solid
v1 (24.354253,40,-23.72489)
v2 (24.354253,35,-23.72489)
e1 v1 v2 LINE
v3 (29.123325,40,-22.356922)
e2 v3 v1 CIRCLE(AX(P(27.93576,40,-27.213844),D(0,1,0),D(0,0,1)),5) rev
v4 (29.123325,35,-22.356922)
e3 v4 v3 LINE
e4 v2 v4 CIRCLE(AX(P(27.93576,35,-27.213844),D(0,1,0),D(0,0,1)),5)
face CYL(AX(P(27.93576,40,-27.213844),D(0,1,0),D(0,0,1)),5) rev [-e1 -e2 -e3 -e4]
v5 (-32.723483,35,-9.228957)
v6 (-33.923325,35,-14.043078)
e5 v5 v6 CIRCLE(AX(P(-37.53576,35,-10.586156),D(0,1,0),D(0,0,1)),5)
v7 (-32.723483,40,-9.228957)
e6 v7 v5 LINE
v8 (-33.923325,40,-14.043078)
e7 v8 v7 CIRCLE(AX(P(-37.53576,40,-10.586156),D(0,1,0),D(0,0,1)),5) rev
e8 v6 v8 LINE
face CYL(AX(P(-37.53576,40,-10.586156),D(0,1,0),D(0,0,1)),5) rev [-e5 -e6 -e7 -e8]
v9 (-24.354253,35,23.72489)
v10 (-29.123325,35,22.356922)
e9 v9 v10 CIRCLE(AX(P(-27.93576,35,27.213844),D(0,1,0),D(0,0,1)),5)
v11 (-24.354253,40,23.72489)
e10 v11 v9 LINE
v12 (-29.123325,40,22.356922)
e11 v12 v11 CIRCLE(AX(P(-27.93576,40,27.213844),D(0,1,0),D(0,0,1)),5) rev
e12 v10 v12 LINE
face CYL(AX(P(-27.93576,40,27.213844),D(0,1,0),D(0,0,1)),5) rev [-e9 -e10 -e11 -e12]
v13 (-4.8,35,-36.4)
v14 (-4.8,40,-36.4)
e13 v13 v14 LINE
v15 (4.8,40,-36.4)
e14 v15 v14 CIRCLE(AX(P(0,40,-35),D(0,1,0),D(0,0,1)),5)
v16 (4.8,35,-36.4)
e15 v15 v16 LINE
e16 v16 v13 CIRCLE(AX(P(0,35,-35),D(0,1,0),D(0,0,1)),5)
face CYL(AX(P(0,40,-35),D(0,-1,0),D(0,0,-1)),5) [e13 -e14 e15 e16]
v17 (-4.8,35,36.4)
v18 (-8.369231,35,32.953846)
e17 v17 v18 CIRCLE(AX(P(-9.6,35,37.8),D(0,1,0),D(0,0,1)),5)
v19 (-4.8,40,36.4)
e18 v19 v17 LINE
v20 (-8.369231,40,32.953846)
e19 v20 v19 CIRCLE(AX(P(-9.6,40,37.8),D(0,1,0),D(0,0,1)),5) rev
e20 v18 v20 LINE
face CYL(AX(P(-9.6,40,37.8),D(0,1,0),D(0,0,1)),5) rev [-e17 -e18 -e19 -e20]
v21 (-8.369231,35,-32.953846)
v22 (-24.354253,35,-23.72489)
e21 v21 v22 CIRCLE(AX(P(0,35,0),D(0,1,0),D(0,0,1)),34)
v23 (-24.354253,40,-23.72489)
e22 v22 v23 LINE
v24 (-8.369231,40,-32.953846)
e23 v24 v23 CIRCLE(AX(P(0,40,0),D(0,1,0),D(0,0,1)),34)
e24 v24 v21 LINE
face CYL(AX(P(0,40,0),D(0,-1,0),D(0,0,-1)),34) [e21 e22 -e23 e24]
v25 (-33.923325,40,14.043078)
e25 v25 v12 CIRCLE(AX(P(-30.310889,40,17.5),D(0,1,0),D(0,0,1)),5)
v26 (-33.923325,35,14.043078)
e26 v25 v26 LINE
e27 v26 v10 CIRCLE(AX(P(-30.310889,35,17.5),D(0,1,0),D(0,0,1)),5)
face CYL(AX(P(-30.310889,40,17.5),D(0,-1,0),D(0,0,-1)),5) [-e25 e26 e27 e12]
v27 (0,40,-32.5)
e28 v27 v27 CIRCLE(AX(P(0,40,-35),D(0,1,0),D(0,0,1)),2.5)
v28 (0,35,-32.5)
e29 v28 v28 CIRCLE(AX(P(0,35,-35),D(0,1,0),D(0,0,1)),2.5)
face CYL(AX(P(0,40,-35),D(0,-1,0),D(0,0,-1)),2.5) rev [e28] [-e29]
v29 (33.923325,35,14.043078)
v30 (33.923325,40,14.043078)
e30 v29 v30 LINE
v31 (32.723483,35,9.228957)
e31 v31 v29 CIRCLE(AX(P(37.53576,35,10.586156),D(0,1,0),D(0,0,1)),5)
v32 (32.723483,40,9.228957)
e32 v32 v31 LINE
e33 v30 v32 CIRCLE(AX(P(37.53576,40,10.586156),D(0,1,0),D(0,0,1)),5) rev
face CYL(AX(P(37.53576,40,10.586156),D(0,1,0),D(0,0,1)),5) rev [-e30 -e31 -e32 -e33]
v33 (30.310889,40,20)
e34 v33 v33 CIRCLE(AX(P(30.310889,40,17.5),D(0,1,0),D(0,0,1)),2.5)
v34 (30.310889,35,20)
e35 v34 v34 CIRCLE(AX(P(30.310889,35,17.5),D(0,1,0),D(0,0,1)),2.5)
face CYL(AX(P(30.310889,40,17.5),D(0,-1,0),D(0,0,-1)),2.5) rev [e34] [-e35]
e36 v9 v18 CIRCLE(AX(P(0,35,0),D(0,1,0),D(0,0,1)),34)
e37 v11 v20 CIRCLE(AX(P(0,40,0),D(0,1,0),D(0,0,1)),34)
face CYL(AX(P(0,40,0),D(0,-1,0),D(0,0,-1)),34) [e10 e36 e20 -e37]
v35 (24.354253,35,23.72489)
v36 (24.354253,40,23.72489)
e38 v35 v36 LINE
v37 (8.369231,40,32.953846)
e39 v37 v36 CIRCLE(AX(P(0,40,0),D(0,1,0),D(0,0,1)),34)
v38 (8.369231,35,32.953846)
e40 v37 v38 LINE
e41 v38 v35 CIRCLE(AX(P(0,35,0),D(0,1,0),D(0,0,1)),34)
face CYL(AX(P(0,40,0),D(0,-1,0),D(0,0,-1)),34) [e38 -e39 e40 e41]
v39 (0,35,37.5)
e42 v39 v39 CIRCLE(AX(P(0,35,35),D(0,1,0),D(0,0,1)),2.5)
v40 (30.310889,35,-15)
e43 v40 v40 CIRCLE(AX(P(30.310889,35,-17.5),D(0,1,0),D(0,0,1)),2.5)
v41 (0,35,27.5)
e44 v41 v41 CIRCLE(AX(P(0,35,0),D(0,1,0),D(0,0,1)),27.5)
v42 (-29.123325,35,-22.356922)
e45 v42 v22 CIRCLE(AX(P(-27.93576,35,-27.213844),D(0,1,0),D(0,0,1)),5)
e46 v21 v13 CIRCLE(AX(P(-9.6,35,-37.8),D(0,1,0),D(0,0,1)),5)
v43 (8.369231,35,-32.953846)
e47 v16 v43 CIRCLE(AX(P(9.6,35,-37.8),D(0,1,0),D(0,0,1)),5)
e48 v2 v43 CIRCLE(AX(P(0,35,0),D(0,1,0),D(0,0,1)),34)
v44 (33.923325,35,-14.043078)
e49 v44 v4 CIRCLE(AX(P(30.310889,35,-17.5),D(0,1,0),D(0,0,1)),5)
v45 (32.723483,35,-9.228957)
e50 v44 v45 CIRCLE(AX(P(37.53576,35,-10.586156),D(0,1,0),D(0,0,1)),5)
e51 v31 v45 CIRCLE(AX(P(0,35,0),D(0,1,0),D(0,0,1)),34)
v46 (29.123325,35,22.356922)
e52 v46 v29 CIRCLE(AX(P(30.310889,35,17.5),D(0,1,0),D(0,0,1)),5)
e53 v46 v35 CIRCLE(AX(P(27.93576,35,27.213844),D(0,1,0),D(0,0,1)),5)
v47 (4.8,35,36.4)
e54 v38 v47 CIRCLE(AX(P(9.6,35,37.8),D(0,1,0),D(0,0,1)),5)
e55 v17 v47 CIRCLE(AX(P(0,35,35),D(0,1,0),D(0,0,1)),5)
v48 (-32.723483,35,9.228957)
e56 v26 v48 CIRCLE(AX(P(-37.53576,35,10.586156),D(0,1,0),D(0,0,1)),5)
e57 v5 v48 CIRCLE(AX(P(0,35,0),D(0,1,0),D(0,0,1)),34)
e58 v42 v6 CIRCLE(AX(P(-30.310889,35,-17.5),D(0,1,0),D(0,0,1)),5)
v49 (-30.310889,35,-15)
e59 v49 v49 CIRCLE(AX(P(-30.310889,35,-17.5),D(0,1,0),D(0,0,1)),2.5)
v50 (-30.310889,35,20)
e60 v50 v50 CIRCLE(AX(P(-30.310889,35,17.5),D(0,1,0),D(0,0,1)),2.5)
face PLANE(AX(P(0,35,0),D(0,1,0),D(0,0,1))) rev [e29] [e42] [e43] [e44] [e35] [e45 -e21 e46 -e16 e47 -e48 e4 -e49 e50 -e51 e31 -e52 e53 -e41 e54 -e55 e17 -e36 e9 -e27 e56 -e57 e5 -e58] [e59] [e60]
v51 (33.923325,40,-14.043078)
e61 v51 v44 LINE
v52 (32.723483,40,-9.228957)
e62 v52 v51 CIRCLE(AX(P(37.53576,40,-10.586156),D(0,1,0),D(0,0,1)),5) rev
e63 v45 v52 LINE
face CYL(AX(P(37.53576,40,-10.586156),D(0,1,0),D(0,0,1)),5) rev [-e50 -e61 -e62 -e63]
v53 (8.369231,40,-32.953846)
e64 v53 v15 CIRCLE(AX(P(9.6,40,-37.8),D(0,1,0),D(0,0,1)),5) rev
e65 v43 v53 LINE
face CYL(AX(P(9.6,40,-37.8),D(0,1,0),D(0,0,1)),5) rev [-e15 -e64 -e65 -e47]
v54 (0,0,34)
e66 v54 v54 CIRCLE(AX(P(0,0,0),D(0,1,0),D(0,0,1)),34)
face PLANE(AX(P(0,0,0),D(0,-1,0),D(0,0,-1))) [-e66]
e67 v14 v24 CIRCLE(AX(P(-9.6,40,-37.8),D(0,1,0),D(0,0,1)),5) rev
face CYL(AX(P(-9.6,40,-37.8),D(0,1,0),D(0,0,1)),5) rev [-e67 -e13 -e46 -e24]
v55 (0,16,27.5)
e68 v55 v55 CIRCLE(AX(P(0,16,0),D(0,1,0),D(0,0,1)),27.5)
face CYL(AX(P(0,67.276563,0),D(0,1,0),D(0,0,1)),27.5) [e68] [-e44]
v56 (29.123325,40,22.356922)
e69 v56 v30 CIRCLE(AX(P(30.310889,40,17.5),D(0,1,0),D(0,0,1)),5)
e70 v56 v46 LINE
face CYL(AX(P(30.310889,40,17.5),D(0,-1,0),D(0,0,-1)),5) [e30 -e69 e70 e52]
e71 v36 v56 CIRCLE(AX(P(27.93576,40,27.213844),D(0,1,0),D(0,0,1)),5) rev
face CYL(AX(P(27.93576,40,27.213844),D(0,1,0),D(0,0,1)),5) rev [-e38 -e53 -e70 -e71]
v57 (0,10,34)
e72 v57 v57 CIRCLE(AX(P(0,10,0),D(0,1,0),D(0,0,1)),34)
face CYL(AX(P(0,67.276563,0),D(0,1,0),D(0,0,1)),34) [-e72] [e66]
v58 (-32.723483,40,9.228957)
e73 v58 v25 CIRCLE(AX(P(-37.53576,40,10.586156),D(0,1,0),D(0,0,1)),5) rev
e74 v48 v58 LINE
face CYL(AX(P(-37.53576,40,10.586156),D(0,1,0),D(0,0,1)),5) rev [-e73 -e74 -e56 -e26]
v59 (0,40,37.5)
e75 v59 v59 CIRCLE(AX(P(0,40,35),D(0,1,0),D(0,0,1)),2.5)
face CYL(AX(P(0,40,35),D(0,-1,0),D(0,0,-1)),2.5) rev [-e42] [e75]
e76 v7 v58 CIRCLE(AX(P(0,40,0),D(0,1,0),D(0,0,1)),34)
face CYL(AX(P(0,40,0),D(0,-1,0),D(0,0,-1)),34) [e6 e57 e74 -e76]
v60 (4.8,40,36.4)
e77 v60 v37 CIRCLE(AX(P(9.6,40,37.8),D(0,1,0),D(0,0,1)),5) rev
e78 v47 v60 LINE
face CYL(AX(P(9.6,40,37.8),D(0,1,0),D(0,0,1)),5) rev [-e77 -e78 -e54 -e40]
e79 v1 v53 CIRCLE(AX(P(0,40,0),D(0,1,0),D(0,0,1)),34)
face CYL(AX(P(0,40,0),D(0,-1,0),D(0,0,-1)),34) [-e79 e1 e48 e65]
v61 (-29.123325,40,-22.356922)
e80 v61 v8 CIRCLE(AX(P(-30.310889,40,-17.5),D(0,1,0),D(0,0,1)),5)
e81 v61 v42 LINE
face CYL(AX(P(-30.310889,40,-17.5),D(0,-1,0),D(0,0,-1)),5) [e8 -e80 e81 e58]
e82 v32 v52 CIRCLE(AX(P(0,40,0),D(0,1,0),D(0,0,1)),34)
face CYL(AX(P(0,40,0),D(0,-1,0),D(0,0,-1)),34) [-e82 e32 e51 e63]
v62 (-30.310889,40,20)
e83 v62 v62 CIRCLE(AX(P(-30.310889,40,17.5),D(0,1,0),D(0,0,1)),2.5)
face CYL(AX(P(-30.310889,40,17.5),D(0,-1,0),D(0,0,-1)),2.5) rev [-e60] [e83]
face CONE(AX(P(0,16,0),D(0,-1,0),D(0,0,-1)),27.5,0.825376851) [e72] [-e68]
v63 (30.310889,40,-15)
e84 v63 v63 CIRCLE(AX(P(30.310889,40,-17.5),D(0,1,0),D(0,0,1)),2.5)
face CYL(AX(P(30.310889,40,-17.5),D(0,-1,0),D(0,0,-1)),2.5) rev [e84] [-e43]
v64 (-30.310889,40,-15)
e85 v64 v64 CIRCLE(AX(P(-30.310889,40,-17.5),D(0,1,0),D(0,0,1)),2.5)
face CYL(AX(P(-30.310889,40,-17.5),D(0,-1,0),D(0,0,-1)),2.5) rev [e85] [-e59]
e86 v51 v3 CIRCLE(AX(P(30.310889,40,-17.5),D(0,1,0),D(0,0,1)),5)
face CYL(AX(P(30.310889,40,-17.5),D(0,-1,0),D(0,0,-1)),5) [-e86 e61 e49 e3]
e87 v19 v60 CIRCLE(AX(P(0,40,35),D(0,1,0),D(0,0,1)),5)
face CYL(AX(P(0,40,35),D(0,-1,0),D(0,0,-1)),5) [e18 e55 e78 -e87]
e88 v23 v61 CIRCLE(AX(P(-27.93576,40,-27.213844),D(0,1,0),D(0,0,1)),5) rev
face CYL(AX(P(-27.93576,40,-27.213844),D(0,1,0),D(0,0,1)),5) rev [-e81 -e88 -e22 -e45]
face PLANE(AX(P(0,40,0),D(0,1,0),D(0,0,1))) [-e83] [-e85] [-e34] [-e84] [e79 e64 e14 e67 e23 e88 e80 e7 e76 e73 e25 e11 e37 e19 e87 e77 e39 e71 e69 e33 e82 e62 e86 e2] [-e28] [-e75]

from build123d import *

# Parameters (mm, degrees)
BOSS_EXTRUDE2_START = 5
SKETCH2_R           = 2.5
BOSS_EXTRUDE2_DEPTH = 5
FILLET1_R           = 5


with BuildPart() as part:
    # Sketch3 → Revolve1 (revolve)
    with BuildSketch(Plane.XY, mode=Mode.PRIVATE) as revolve1_sk:
        Polygon((0, 0), (-34, 0), (-34, 10), (-27.5, 16), (-27.5, 35), (0, 35), align=None)
    revolve(revolve1_sk.sketch.rotate(Axis((0, 67.276563105, 0), (0, -1, 0)), 270), axis=Axis((0, 67.276563105, 0), (0, -1, 0)))

    # Sketch2 → Boss-Extrude2 (add)
    with BuildSketch(Plane(origin=(0, 35, 0), x_dir=(1, 0, 0), z_dir=(0, 1, 0)).offset(BOSS_EXTRUDE2_START)):
        with BuildLine():
            ThreePointArc((31.556090162, 12.657534265), (34.641016151, 20), (26.739791304, 20.999608592))
            ThreePointArc((26.739791304, 20.999608592), (17, 29.444863729), (4.816298858, 33.657142857))
            ThreePointArc((4.816298858, 33.657142857), (0, 40), (-4.816298858, 33.657142857))
            ThreePointArc((-4.816298858, 33.657142857), (-17, 29.444863729), (-26.739791304, 20.999608592))
            ThreePointArc((-26.739791304, 20.999608592), (-34.641016151, 20), (-31.556090162, 12.657534265))
            ThreePointArc((-31.556090162, 12.657534265), (-34, 0), (-31.556090162, -12.657534265))
            ThreePointArc((-31.556090162, -12.657534265), (-34.641016151, -20), (-26.739791304, -20.999608592))
            ThreePointArc((-26.739791304, -20.999608592), (-17, -29.444863729), (-4.816298858, -33.657142857))
            ThreePointArc((-4.816298858, -33.657142857), (0, -40), (4.816298858, -33.657142857))
            ThreePointArc((4.816298858, -33.657142857), (17, -29.444863729), (26.739791304, -20.999608592))
            ThreePointArc((26.739791304, -20.999608592), (34.641016151, -20), (31.556090162, -12.657534265))
            ThreePointArc((31.556090162, -12.657534265), (34, 0), (31.556090162, 12.657534265))
        make_face()
        with Locations(Location((-30.310889132, -17.5, 0), (0, 0, 270))):
            Circle(SKETCH2_R, mode=Mode.SUBTRACT)
        with Locations(Location((-30.310889132, 17.5, 0), (0, 0, 270))):
            Circle(SKETCH2_R, mode=Mode.SUBTRACT)
        with Locations(Location((0, -35, 0), (0, 0, 270))):
            Circle(SKETCH2_R, mode=Mode.SUBTRACT)
        with Locations(Location((0, 35, 0), (0, 0, 270))):
            Circle(SKETCH2_R, mode=Mode.SUBTRACT)
        with Locations(Location((30.310889132, -17.5, 0), (0, 0, 270))):
            Circle(SKETCH2_R, mode=Mode.SUBTRACT)
        with Locations(Location((30.310889132, 17.5, 0), (0, 0, 270))):
            Circle(SKETCH2_R, mode=Mode.SUBTRACT)
    extrude(amount=-BOSS_EXTRUDE2_DEPTH)

    # Fillet1
    fillet1_edges = [part.edges().sort_by_distance(p)[0] for p in [
        (-4.816298858, 37.5, 33.657142857),
        (4.816298858, 37.5, 33.657142857),
        (26.739791304, 37.5, 20.999608592),
        (31.556090162, 37.5, 12.657534265),
        (31.556090162, 37.5, -12.657534265),
        (26.739791304, 37.5, -20.999608592),
        (4.816298858, 37.5, -33.657142857),
        (-4.816298858, 37.5, -33.657142857),
        (-26.739791304, 37.5, -20.999608592),
        (-31.556090162, 37.5, -12.657534265),
        (-31.556090162, 37.5, 12.657534265),
        (-26.739791304, 37.5, 20.999608592),
    ]]
    fillet(fillet1_edges, radius=FILLET1_R)


solid = part.part
